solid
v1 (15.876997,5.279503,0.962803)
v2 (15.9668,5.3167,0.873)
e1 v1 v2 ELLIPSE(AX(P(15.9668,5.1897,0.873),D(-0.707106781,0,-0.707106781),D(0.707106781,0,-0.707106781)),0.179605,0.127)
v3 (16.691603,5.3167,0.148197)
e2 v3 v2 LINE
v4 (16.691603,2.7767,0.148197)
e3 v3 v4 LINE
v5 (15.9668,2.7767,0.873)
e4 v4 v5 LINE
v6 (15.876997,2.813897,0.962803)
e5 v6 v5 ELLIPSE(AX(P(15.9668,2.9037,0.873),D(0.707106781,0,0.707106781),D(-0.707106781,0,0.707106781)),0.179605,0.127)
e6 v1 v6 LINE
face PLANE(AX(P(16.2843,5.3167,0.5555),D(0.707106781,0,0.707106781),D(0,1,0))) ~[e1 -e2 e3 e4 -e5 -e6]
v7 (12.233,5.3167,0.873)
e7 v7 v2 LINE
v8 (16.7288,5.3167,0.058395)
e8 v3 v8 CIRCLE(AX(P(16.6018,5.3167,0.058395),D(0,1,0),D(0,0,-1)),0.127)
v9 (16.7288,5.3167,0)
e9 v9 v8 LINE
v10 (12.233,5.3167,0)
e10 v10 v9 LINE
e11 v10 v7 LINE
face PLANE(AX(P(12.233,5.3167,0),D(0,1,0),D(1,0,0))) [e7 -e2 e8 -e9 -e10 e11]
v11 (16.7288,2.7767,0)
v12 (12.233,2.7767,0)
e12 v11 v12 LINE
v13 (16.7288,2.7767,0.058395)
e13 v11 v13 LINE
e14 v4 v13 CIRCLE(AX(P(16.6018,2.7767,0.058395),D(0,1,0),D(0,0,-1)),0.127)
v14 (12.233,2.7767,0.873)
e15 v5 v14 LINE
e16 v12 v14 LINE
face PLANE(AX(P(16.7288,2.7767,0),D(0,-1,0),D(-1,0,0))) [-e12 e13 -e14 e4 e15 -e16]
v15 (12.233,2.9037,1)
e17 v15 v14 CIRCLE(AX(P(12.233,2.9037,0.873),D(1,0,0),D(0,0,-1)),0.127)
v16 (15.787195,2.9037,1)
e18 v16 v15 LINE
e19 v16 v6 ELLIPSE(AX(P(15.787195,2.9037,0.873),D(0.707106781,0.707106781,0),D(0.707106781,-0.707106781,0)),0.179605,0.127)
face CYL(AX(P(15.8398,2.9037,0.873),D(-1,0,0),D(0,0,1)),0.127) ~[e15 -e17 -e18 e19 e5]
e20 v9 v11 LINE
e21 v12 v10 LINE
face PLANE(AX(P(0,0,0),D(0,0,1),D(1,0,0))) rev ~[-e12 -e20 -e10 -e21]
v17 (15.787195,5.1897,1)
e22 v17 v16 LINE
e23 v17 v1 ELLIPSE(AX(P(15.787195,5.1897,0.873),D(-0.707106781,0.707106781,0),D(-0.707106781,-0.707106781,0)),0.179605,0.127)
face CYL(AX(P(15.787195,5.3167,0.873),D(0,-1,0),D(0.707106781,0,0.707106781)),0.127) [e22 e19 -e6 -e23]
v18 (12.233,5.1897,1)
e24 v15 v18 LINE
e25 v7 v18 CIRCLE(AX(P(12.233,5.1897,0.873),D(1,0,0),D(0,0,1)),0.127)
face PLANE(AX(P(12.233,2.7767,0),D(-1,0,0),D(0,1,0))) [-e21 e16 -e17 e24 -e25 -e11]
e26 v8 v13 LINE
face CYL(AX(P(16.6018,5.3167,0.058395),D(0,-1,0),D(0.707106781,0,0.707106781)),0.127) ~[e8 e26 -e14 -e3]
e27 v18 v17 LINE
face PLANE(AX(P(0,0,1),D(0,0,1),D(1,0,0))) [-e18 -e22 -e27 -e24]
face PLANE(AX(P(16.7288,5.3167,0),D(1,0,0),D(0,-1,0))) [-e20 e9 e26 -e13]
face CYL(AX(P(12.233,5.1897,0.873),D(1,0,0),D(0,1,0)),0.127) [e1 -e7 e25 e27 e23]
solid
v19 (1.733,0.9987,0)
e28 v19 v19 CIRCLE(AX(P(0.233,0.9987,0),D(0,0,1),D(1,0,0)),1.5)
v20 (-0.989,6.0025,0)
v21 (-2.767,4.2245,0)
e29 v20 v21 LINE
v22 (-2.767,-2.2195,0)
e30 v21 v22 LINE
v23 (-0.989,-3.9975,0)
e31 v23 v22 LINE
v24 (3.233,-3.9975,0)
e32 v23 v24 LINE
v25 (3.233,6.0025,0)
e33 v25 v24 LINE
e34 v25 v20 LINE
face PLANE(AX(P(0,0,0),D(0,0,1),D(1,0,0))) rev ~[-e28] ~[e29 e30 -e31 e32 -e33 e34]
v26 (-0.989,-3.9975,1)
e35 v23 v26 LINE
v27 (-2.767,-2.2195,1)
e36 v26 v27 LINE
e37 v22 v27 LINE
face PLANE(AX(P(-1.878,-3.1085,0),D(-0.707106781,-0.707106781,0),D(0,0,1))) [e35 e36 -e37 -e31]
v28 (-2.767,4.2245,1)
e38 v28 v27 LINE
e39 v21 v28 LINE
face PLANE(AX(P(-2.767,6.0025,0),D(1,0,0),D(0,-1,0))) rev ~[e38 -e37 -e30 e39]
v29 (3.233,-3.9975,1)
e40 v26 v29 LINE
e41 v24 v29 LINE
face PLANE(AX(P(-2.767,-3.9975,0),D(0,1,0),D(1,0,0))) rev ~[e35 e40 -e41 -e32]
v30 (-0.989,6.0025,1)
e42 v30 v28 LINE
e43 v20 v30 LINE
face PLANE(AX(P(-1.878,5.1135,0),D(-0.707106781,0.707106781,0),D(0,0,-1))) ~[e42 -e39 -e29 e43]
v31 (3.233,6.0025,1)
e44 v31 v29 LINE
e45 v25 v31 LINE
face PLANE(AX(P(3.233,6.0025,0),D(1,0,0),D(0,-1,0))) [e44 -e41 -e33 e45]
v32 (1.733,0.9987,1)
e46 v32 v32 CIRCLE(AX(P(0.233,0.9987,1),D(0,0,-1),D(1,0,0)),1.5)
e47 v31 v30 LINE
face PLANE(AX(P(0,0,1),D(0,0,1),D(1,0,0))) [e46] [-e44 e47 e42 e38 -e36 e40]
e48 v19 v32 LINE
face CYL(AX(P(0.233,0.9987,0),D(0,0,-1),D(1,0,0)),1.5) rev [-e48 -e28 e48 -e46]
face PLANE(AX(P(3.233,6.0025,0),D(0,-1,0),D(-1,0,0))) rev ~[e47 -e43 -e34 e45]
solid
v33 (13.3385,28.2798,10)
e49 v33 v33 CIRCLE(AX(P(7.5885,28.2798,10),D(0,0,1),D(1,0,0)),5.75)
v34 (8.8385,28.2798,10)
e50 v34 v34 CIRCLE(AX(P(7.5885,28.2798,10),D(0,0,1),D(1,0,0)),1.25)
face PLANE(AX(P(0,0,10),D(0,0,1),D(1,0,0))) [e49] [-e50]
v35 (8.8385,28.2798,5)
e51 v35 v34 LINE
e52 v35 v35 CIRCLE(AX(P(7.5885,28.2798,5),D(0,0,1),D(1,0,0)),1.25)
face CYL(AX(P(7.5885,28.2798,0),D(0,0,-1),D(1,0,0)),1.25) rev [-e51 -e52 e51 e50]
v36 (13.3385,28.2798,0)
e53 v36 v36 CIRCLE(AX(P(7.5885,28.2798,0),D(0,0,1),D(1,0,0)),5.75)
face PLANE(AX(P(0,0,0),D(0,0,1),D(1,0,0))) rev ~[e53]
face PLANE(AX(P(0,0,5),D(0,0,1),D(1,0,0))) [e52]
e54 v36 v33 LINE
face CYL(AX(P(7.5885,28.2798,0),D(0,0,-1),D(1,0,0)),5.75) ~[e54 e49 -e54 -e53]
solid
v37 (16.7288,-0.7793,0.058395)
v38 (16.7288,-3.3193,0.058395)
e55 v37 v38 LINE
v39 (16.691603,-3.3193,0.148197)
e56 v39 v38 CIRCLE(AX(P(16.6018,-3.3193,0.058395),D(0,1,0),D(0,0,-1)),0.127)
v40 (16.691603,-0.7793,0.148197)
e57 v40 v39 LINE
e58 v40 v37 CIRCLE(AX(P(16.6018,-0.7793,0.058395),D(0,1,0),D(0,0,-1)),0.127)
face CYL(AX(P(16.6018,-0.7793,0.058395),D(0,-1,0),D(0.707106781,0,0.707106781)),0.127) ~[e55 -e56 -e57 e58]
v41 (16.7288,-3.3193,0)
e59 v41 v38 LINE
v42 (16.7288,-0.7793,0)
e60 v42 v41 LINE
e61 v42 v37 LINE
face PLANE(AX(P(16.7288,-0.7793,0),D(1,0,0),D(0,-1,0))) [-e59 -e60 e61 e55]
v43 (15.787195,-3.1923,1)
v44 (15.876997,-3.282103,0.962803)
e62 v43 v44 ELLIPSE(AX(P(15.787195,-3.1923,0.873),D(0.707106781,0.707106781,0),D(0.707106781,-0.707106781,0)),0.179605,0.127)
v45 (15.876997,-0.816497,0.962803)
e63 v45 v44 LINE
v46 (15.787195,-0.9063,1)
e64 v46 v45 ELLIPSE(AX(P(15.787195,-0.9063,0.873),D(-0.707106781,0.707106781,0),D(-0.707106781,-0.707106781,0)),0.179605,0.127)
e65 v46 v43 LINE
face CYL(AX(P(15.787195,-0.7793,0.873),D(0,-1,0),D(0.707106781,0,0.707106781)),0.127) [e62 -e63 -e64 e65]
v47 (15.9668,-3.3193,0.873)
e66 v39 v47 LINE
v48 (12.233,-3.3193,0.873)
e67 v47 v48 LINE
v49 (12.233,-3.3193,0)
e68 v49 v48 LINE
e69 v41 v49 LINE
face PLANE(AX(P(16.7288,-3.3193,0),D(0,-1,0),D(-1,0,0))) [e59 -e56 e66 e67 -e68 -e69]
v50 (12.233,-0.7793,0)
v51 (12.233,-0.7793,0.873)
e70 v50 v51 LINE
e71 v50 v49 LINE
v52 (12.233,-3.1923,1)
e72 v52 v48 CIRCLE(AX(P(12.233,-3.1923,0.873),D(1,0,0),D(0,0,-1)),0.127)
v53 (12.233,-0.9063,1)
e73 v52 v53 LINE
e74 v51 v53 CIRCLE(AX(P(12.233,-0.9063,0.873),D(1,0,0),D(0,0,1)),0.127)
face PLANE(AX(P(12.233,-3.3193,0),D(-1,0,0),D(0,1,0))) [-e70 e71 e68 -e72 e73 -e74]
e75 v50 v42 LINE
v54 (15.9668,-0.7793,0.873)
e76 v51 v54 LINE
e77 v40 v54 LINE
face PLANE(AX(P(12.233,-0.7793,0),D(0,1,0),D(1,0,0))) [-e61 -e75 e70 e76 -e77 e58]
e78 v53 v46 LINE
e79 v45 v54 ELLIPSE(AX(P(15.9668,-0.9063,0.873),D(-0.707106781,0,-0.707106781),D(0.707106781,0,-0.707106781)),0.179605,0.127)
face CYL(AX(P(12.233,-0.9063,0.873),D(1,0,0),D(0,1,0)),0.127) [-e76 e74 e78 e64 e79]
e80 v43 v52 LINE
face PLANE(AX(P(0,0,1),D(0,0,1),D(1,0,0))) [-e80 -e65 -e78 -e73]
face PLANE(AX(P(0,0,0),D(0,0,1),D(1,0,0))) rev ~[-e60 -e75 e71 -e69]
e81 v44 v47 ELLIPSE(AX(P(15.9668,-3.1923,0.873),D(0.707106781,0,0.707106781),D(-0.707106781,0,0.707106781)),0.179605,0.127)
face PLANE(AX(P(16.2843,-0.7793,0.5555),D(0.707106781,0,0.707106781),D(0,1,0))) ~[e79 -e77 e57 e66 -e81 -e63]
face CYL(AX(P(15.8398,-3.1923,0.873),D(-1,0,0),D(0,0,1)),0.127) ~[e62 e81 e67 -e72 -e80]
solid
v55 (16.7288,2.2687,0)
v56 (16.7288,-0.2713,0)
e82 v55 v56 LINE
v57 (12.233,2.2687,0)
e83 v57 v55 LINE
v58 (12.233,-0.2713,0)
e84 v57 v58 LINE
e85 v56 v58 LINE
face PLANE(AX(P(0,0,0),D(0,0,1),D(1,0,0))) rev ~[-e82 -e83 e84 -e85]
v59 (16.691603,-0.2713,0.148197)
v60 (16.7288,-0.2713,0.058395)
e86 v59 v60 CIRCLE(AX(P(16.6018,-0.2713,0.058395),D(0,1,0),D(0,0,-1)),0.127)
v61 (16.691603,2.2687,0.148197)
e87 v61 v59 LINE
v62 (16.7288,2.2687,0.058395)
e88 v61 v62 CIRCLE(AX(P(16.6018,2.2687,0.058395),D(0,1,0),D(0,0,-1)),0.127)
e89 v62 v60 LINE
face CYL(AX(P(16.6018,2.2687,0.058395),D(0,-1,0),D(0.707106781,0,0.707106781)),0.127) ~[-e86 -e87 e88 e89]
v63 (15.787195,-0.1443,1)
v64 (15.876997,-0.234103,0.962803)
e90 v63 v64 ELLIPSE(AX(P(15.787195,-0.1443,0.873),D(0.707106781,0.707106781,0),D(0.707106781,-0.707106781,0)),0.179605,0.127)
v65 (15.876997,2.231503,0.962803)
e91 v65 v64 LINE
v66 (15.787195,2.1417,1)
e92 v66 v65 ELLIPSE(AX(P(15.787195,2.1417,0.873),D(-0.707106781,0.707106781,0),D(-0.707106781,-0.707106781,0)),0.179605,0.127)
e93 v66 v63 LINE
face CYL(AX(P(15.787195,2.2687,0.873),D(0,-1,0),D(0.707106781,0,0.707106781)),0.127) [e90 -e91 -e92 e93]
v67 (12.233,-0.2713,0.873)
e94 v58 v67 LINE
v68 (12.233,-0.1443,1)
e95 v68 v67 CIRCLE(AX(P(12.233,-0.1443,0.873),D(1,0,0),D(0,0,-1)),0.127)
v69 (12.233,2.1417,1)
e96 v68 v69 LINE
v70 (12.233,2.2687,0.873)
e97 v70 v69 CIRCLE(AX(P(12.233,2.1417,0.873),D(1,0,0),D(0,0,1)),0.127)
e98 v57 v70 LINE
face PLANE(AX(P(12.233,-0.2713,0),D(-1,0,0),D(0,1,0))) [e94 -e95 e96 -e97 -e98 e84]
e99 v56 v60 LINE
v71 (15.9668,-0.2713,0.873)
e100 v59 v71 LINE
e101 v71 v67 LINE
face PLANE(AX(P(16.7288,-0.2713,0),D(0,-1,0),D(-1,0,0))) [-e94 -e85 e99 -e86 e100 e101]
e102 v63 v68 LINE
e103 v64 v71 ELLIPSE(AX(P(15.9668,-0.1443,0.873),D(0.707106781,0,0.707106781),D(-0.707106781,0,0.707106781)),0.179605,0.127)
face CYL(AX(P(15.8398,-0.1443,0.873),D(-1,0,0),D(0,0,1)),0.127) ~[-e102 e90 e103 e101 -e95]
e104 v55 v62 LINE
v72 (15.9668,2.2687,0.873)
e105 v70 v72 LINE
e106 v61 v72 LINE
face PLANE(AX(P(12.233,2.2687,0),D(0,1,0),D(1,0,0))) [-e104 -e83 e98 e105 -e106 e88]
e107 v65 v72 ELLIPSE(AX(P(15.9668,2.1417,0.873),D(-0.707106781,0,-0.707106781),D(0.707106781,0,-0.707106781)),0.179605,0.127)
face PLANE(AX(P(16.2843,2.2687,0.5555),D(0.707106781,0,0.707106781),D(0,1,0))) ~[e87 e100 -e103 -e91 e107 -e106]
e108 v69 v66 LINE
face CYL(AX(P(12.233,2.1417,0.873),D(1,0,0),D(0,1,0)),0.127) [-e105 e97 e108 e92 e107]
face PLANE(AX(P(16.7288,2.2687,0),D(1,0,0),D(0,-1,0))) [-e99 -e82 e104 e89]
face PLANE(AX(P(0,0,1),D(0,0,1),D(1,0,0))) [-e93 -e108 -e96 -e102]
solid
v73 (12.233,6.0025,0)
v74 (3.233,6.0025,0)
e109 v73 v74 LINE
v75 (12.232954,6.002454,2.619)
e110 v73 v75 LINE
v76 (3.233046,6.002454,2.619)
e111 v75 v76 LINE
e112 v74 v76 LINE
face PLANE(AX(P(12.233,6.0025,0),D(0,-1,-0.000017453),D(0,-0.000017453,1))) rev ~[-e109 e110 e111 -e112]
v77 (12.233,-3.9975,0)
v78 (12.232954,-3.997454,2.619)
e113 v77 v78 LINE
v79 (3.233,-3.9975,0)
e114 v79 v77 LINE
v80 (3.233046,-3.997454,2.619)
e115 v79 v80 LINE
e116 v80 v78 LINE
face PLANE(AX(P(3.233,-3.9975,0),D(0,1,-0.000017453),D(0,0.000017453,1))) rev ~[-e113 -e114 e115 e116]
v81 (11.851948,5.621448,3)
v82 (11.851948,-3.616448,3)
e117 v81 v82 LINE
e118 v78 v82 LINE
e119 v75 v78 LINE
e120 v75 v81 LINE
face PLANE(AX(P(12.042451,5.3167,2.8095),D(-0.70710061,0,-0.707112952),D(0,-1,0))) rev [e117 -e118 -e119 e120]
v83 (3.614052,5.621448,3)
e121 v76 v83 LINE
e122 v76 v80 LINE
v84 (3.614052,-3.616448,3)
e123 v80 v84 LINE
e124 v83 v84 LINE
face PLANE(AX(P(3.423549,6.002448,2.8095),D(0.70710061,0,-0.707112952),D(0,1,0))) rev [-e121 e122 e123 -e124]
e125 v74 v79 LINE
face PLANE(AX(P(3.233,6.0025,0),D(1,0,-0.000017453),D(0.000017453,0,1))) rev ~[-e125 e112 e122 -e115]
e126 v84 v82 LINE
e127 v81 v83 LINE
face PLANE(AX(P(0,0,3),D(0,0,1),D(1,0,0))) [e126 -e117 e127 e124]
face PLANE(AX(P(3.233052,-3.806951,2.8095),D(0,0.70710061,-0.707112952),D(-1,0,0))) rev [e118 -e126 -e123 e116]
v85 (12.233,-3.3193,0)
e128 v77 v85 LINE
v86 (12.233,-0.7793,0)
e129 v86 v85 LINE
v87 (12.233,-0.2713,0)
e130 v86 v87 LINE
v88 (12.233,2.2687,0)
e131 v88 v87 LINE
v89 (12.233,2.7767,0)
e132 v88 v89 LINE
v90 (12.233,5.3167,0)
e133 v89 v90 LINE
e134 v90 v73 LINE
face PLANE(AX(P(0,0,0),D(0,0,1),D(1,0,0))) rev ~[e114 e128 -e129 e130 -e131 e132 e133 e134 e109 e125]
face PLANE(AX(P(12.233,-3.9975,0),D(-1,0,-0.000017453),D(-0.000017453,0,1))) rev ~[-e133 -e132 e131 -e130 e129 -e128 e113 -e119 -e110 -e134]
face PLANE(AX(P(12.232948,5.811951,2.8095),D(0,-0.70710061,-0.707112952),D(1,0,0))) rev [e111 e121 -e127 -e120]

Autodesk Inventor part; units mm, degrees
ref_plane "YZ Plane" through (0, 0, 0) normal (1, 0, 0) x (0, 1, 0)
ref_plane "XZ Plane" through (0, 0, 0) normal (0, 1, 0) x (-1, 0, 0)
ref_plane "XY Plane" through (0, 0, 0) normal (0, 0, 1) x (1, 0, 0)
sketch "Sketch1" plane through (0, 0, 0) normal (0, 0, 1) x (1, 0, 0)
  line L0 (35.093, -7.2202) -> (-19.907, -7.2202)
  line L1 (-19.907, -7.2202) -> (-19.907, 74.7798)
  line L2 (-19.907, 74.7798) -> (35.093, 74.7798)
  line L3 (35.093, 74.7798) -> (35.093, -7.2202)
  line L4 (-1.6316, 73.7798) -> (15.8684, 73.7798)
  line L5 (15.8684, 73.7798) -> (15.8684, 38.2798)
  line L6 (15.8684, 38.2798) -> (-1.6316, 38.2798)
  line L7 (-1.6316, 38.2798) -> (-1.6316, 73.7798)
  circle A0 centre (7.5885, 28.2798) radius 5.75
  line L8 (12.233, 6.0025) -> (3.233, 6.0025)
  line L9 (3.233, 6.0025) -> (3.233, -3.9975)
  line L10 (3.233, -3.9975) -> (12.233, -3.9975)
  line L11 (12.233, -3.9975) -> (12.233, 6.0025)
  circle A1 centre (7.5885, 28.2798) radius 1.25
  line L12 (3.233, 6.0025) -> (-2.767, 6.0025)
  line L13 (-2.767, 6.0025) -> (-2.767, -3.9975)
  line L14 (-2.767, -3.9975) -> (3.233, -3.9975)
  line L15 (3.233, -3.9975) -> (3.233, 6.0025)
  line L16 (12.233, 5.3167) -> (16.7288, 5.3167)
  line L17 (16.7288, 5.3167) -> (16.7288, 2.7767)
  line L18 (16.7288, 2.7767) -> (12.233, 2.7767)
  line L19 (12.233, 2.7767) -> (12.233, 5.3167)
  line L20 (12.233, -1.5375) -> (12.233, 1.0025)
  line L21 (12.233, -3.4895) -> (12.233, -0.9495)
  line L22 (12.233, 2.2687) -> (16.7288, 2.2687)
  line L23 (16.7288, 2.2687) -> (16.7288, -0.2713)
  line L24 (16.7288, -0.2713) -> (12.233, -0.2713)
  line L25 (12.233, -0.2713) -> (12.233, 2.2687)
  line L26 (12.233, -0.7793) -> (16.7288, -0.7793)
  line L27 (16.7288, -0.7793) -> (16.7288, -3.3193)
  line L28 (16.7288, -3.3193) -> (12.233, -3.3193)
  line L29 (12.233, -3.3193) -> (12.233, -0.7793)
  circle A2 centre (0.233, 0.9987) radius 1.5
  circle A3 centre (0.3684, 66.2798) radius 0.75
  circle A4 centre (0.3684, 63.7398) radius 0.75
  circle A5 centre (0.3684, 61.1998) radius 0.75
  circle A6 centre (0.3684, 58.6598) radius 0.75
  circle A7 centre (0.3684, 56.1198) radius 0.75
  circle A8 centre (0.3684, 53.5798) radius 0.75
  circle A9 centre (0.3684, 51.0398) radius 0.75
  circle A10 centre (0.3684, 48.4998) radius 0.75
  circle A11 centre (13.8684, 66.2798) radius 0.75
  circle A12 centre (13.8684, 63.7398) radius 0.75
  circle A13 centre (13.8684, 61.1998) radius 0.75
  circle A14 centre (13.8684, 58.6598) radius 0.75
  circle A15 centre (13.8684, 56.1198) radius 0.75
  circle A16 centre (13.8684, 53.5798) radius 0.75
  circle A17 centre (13.8684, 51.0398) radius 0.75
  circle A18 centre (13.8684, 48.4998) radius 0.75
  line L30 (-17.907, 69.7798) -> (-16.407, 69.7798)
  line L31 (-16.407, 69.7798) -> (-16.407, -2.2202)
  line L32 (-16.407, -2.2202) -> (-17.907, -2.2202)
  line L33 (-17.907, -2.2202) -> (-17.907, 69.7798)
  line L34 (-15.367, -2.2202) -> (-13.867, -2.2202)
  line L35 (-13.867, -2.2202) -> (-13.867, 69.7798)
  line L36 (-13.867, 69.7798) -> (-15.367, 69.7798)
  line L37 (-15.367, 69.7798) -> (-15.367, -2.2202)
  line L38 (31.593, 69.7798) -> (33.093, 69.7798)
  line L39 (33.093, 69.7798) -> (33.093, -2.2202)
  line L40 (33.093, -2.2202) -> (31.593, -2.2202)
  line L41 (31.593, -2.2202) -> (31.593, 69.7798)
  line L42 (30.553, -2.2202) -> (29.053, -2.2202)
  line L43 (29.053, -2.2202) -> (29.053, 69.7798)
  line L44 (29.053, 69.7798) -> (30.553, 69.7798)
  line L45 (30.553, 69.7798) -> (30.553, -2.2202)
  line L46 (5.8684, 68.7798) -> (10.8684, 68.7798)
  line L47 (10.8684, 68.7798) -> (10.8684, 63.7798)
  line L48 (10.8684, 63.7798) -> (5.8684, 63.7798)
  line L49 (5.8684, 63.7798) -> (5.8684, 68.7798)
  line L50 (6.8684, 55.8198) -> (10.8684, 55.8198)
  line L51 (10.8684, 55.8198) -> (10.8684, 53.2798)
  line L52 (10.8684, 53.2798) -> (6.8684, 53.2798)
  line L53 (6.8684, 53.2798) -> (6.8684, 55.8198)
  line L54 (5.8684, 48.2798) -> (10.8684, 48.2798)
  line L55 (10.8684, 48.2798) -> (10.8684, 43.2798)
  line L56 (10.8684, 43.2798) -> (5.8684, 43.2798)
  line L57 (5.8684, 43.2798) -> (5.8684, 48.2798)
  circle A19 centre (0.8684, 71.2798) radius 1.5
  circle A20 centre (0.8684, 40.7798) radius 1.5
  point P0 (0, 0)
  dimension "d0" = 82
  dimension "d1" = 55
  dimension "d2" = 17.5
  dimension "d3" = 35.5
  dimension "d4" = 11.5
  dimension "d5" = 2.5
  dimension "d6" = 1
  dimension "d7" = 10
  dimension "d8" = 27.4955
  dimension "d9" = 9
  dimension "d10" = 10
  dimension "d16" = 6
  dimension "d17" = 22.86
  dimension "d18" = 19.2246
  dimension "d19" = 2.54
  dimension "d22" = 0.6858
  dimension "d24" = 10
  dimension "d25" = 2.54
  dimension "d26" = 0.508
  dimension "d27" = 4.4958
  dimension "d28" = 4.4958
  dimension "d29" = 2.54
  dimension "d30" = 4.4958
  dimension "d31" = 0.508
  dimension "d42" = 3
  dimension "d56" = 1.5
  dimension "d57" = 7.5
  dimension "d58" = 2
  dimension "d59" = 1.5
  dimension "d60" = 1.5
  dimension "d61" = 1.5
  dimension "d62" = 1.5
  dimension "d63" = 1.5
  dimension "d64" = 1.5
  dimension "d65" = 1.5
  dimension "d66" = 2.54
  dimension "d67" = 2.54
  dimension "d68" = 2.54
  dimension "d69" = 2.54
  dimension "d70" = 2.54
  dimension "d71" = 2.54
  dimension "d72" = 2.54
  dimension "d73" = 1.5
  dimension "d74" = 1.5
  dimension "d75" = 1.5
  dimension "d76" = 1.5
  dimension "d77" = 1.5
  dimension "d78" = 1.5
  dimension "d79" = 1.5
  dimension "d80" = 1.5
  dimension "d81" = 2.54
  dimension "d82" = 2.54
  dimension "d83" = 2.54
  dimension "d84" = 2.54
  dimension "d85" = 2.54
  dimension "d86" = 2.54
  dimension "d87" = 2.54
  dimension "d88" = 2
  dimension "d89" = 7.5
  dimension "d90" = 2
  dimension "d91" = 2
  dimension "d92" = 2
  dimension "d93" = 2
  dimension "d94" = 2
extrude "Extrusion1" add sketch "Sketch1" along normal blind 3 draft -0.001 contours L11 L10 L9 L8
chamfer "Chamfer1" distance 0.381 angle 45 5 edges at (7.733, 6.0025, 3) (12.2329, 5.6596, 3) (12.2329, -2.4735, 3) (7.733, -3.9974, 3) (3.233, 1.0025, 3)
extrude "Extrusion2" add sketch "Sketch1" along normal blind 1 contours L9 L14 L13 L12 | A2
chamfer "Chamfer2" distance 1.778 angle 45 2 edges at (-2.767, -3.9975, 0.5) (-2.767, 6.0025, 0.5)
extrude "Extrusion3" cut sketch "Sketch1" along normal through all contours A2
extrude "Extrusion4" add sketch "Sketch1" along normal blind 1 contours L16 L17 L18 L11 | L22 L23 L24 L11 | L11 L26 L27 L28
chamfer "Chamfer3" distance 0.889 angle 45 3 edges at (16.7288, -2.0493, 1) (16.7288, 0.9987, 1) (16.7288, 4.0467, 1)
fillet "Fillet1" radius 0.127 9 edges at (14.0364, -3.3193, 1) (15.8398, -2.0493, 1) (14.0364, -0.7793, 1) (15.8398, 0.9987, 1) (14.0364, -0.2713, 1) (14.0364, 2.2687, 1) (14.0364, 2.7767, 1) (15.8398, 4.0467, 1) (14.0364, 5.3167, 1)
fillet "Fillet2" radius 0.127 3 edges at (16.7288, -2.0493, 0.111) (16.7288, 0.9987, 0.111) (16.7288, 4.0467, 0.111)
extrude "Extrusion5" add sketch "Sketch1" along normal blind 5 contours A1
extrude "Extrusion6" add sketch "Sketch1" along normal blind 10 contours A0
properties part number "Breadboard"
